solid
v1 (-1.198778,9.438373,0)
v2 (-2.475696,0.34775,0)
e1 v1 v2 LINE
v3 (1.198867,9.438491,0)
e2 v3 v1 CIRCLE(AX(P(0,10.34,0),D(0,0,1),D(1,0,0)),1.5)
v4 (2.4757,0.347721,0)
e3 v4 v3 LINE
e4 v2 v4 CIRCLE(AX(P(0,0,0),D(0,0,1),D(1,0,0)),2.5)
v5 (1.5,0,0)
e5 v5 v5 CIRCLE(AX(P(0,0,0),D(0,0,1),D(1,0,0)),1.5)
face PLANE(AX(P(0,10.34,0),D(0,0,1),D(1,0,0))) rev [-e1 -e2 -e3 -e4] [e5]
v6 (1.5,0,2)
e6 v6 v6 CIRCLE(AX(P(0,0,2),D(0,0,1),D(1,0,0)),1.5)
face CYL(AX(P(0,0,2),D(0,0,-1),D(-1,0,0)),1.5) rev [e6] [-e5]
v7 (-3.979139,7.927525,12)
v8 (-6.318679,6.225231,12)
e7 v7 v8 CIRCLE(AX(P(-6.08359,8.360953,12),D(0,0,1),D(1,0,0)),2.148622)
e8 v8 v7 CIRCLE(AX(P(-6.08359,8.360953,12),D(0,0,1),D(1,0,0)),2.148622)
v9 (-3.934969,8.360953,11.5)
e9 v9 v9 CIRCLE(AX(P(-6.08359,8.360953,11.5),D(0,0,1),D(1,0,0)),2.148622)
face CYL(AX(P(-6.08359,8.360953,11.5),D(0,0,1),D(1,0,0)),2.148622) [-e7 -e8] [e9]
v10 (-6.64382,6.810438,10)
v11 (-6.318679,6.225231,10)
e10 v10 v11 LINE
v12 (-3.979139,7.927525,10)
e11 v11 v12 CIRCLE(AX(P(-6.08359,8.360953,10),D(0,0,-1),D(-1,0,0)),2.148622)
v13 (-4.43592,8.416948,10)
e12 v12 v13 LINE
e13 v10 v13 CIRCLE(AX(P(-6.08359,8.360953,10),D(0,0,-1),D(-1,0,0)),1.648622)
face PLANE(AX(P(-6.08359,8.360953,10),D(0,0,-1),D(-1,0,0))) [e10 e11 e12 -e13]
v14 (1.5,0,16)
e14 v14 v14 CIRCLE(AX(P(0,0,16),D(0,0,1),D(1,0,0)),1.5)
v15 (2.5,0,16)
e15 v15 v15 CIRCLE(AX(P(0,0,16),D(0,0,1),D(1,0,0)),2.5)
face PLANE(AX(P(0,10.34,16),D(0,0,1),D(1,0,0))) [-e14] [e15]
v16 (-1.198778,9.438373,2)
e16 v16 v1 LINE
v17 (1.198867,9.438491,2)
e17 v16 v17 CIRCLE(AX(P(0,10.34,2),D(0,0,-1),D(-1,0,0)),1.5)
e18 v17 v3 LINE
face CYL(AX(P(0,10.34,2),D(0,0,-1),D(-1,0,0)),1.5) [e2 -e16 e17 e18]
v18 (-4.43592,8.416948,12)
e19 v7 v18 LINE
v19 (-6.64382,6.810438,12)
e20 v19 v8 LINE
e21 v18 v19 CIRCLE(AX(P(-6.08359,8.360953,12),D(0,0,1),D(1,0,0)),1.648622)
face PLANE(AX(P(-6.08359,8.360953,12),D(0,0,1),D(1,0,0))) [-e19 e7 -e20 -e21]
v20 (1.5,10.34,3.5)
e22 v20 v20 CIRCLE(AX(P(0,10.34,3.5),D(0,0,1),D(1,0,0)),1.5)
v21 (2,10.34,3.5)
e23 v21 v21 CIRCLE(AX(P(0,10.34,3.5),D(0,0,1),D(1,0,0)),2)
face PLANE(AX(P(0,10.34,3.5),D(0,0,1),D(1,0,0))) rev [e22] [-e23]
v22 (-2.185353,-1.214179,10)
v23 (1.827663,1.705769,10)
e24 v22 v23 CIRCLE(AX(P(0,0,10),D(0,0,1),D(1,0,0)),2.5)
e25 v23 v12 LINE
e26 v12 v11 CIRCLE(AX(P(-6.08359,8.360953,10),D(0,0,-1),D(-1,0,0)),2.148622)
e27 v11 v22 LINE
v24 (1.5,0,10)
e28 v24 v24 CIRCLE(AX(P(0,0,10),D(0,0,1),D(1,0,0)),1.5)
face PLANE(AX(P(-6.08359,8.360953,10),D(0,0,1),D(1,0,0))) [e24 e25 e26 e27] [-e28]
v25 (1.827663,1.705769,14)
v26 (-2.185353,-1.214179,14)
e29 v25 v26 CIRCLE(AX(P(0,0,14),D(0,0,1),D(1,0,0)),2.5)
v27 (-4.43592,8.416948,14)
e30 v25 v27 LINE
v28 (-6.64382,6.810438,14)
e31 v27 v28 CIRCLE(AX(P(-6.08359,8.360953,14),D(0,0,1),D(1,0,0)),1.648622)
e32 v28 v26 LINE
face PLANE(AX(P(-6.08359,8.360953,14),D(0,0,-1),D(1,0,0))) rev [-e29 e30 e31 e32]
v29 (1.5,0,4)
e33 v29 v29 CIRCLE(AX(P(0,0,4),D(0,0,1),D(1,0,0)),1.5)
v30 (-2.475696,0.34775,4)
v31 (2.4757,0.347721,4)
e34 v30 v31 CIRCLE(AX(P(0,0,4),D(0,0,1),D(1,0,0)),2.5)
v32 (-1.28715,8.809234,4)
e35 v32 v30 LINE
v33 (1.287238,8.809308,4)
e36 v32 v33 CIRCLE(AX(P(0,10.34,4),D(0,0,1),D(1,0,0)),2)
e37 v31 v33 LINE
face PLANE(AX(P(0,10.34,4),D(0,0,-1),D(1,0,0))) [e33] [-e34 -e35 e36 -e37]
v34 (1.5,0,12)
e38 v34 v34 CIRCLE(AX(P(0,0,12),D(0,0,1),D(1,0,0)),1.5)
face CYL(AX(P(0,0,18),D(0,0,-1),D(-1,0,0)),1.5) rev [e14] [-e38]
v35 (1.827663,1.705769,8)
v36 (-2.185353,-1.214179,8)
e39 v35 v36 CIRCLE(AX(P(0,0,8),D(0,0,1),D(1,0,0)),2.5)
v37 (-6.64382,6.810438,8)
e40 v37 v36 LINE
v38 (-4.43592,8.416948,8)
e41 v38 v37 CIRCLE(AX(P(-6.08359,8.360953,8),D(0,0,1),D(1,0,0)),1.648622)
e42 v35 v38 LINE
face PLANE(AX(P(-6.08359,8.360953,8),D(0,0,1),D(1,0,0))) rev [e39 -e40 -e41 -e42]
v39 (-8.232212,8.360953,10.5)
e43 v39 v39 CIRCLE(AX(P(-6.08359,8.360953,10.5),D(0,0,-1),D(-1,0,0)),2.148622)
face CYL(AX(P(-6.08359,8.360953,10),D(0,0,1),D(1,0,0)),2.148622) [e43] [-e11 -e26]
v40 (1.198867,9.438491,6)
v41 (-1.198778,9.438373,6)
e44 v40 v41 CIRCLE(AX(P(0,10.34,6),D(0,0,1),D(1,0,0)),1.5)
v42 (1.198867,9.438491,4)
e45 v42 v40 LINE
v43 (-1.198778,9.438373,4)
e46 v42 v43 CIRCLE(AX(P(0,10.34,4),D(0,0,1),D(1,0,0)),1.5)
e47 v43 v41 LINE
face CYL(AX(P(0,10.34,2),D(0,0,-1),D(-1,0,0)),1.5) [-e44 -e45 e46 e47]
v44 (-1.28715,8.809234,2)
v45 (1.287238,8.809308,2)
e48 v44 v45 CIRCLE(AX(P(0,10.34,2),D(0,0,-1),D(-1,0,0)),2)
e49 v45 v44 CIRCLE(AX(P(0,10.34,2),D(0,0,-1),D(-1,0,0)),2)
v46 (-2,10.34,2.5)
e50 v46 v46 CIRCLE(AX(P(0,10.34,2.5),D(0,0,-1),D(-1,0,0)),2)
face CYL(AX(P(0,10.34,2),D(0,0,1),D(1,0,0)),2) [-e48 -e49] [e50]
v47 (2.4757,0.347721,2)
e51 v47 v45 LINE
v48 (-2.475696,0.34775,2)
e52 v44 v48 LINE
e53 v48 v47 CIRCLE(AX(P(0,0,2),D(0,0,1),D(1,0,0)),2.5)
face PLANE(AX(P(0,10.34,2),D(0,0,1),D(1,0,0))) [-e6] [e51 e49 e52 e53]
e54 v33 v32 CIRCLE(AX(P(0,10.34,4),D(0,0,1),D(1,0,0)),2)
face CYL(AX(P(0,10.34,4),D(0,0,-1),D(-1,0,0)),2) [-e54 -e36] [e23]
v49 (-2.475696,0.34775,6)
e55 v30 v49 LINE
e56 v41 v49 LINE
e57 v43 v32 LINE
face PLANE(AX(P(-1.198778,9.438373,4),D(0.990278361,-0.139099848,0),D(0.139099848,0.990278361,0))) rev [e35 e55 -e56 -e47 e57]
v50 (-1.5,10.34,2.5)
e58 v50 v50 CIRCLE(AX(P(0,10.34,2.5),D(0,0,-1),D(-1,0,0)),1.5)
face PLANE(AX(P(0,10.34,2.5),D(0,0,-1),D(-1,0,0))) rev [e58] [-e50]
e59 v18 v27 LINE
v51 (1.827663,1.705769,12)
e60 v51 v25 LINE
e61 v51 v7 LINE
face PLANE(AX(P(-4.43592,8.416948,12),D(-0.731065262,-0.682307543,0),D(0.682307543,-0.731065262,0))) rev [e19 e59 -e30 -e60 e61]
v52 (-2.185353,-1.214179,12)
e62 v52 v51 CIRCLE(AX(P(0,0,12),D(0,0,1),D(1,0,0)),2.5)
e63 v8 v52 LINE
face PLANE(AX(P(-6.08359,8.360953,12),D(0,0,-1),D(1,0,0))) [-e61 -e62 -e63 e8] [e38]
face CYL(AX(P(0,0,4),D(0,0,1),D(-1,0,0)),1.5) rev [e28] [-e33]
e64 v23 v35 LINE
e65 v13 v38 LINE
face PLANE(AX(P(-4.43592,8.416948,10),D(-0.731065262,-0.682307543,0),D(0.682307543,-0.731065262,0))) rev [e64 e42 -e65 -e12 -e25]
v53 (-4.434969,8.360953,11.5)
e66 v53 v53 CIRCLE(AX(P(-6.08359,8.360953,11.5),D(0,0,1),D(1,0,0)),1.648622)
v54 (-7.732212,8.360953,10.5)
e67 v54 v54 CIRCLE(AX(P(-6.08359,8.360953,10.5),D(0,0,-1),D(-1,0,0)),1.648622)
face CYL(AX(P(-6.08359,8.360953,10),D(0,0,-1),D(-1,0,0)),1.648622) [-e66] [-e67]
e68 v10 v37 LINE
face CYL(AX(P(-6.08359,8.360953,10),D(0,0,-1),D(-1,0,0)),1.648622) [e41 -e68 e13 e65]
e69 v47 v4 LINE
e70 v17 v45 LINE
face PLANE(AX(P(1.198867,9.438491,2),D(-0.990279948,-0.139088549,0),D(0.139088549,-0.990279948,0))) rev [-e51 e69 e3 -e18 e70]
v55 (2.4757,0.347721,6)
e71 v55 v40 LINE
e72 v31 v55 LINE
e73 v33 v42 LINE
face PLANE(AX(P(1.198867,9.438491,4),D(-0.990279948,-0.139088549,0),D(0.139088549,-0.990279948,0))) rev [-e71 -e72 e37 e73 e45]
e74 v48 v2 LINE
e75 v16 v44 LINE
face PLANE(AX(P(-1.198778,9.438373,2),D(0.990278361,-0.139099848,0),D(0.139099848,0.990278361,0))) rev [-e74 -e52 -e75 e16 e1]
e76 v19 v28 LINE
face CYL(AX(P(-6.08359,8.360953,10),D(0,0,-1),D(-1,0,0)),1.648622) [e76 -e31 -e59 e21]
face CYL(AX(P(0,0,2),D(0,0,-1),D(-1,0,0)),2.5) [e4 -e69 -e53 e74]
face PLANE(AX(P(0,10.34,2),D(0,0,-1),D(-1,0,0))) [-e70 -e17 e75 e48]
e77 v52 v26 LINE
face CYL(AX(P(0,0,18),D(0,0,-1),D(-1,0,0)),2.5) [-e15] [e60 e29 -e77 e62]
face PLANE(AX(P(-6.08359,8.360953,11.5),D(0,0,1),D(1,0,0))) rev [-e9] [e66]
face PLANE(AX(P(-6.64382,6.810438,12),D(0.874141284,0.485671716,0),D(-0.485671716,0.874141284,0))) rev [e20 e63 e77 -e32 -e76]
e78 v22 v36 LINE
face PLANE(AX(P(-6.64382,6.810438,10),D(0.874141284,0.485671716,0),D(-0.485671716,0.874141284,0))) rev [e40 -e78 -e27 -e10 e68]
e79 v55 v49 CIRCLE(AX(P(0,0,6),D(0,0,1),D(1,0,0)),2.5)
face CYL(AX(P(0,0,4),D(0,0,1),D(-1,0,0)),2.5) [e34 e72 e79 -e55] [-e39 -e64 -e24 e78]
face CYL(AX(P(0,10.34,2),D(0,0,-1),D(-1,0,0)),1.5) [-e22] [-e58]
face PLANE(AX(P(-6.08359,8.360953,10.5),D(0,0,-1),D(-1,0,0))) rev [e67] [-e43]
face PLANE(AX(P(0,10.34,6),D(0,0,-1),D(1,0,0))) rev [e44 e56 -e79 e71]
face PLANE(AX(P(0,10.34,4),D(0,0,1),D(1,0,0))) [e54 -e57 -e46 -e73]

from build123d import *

# Parameters (mm, degrees)
ESBO_O1_R                = 1.5
RESSALTO_EXTRUS_O1_DEPTH = 2
ESBO_O2_R                = 1.5
RESSALTO_EXTRUS_O2_DEPTH = 1
ESBO_O4_R                = 2.5
ESBO_O4_R_2              = 1.5
RESSALTO_EXTRUS_O3_DEPTH = 2
ESBO_O5_R                = 1.5
RESSALTO_EXTRUS_O4_DEPTH = 2
ESBO_O6_R                = 1.648621548
RESSALTO_EXTRUS_O5_DEPTH = 1
ESBO_O7_W                = 11.938868243
ESBO_O7_H                = 15.738508052
CORTE_EXTRUS_O1_DEPTH    = 6
RESSALTO_EXTRUS_O6_START = -2
ESBO_O8_R                = 2.148621548
RESSALTO_EXTRUS_O6_DEPTH = 0.5
RESSALTO_EXTRUS_O7_START = -2.5
ESBO_O9_R                = 2.148621548
RESSALTO_EXTRUS_O7_DEPTH = 0.5
RESSALTO_EXTRUS_O8_START = -2.5
ESBO_O10_R               = 2
RESSALTO_EXTRUS_O8_DEPTH = 0.5
RESSALTO_EXTRUS_O9_START = -2
ESBO_O11_R               = 2
RESSALTO_EXTRUS_O9_DEPTH = 0.5


with BuildPart() as part:
    # Esboço1 → Ressalto-extrusão1 (new body)
    with BuildSketch(Plane.XY):
        with BuildLine():
            Line((-1.198777863, 9.438372785), (-2.475695902, 0.347749621))
            ThreePointArc((-2.475695902, 0.347749621), (-1.4263e-05, -2.5), (2.47569987, 0.347721373))
            Line((2.47569987, 0.347721373), (1.198866989, 9.438491296))
            ThreePointArc((1.198866989, 9.438491296), (-7.4142e-05, 11.839999998), (-1.198777863, 9.438372785))
        make_face()
        Circle(ESBO_O1_R, mode=Mode.SUBTRACT)
    extrude(amount=RESSALTO_EXTRUS_O1_DEPTH)

    # Esboço2 → Ressalto-extrusão2 (add)
    with BuildSketch(Plane.XY.offset(2)):
        with Locations(Location((0, 10.34, 0), (0, 0, 216.947631019))):
            Circle(ESBO_O2_R)
    extrude(amount=RESSALTO_EXTRUS_O2_DEPTH)

    # Espelhar1: part across plane


with BuildPart() as part_1:
    add(part.part)
    add(part.part.mirror(Plane(origin=(0, 10.34, 3), x_dir=(1, 0, 0), z_dir=(0, 0, 1))))

    # Esboço4 → Ressalto-extrusão3 (add)
    with BuildSketch(Plane.XY.offset(6)):
        with Locations(Location((0, 0, 0), (0, 0, 172.004238293))):
            Circle(ESBO_O4_R)
        Circle(ESBO_O4_R_2, mode=Mode.SUBTRACT)
    extrude(amount=RESSALTO_EXTRUS_O3_DEPTH)

    # Esboço5 → Ressalto-extrusão4 (add)
    with BuildSketch(Plane.XY.offset(8)):
        with BuildLine():
            Line((-6.643819561, 6.810437698), (-2.18535321, -1.21417929))
            ThreePointArc((-2.18535321, -1.21417929), (1.470887432, -2.021506904), (1.827663155, 1.705768857))
            Line((1.827663155, 1.705768857), (-4.435920088, 8.416947961))
            ThreePointArc((-4.435920088, 8.416947961), (-7.053565106, 9.69403249), (-6.643819561, 6.810437698))
        make_face()
        Circle(ESBO_O5_R, mode=Mode.SUBTRACT)
    extrude(amount=RESSALTO_EXTRUS_O4_DEPTH)

    # Esboço6 → Ressalto-extrusão5 (add)
    with BuildSketch(Plane.XY.offset(10)):
        with Locations(Location((-6.08359042, 8.360952554, 0), (0, 0, 250.134292883))):
            Circle(ESBO_O6_R)
    extrude(amount=RESSALTO_EXTRUS_O5_DEPTH)

    # Espelhar3: part across plane


with BuildPart() as part_2:
    add(part_1.part)
    add(part_1.part.mirror(Plane(origin=(-6.08359042, 8.360952554, 11), x_dir=(1, 0, 0), z_dir=(0, 0, 1))))

    # Esboço7 → Corte-extrusão1 (cut)
    with BuildSketch(Plane.XY.offset(22)):
        with Locations((-0.266328734, 4.470018957)):
            Rectangle(ESBO_O7_W, ESBO_O7_H)
    extrude(amount=-CORTE_EXTRUS_O1_DEPTH, mode=Mode.SUBTRACT)

    # Esboço8 → Ressalto-extrusão6 (add)
    with BuildSketch(Plane.XY.offset(14).offset(RESSALTO_EXTRUS_O6_START)):
        with Locations((-6.08359042, 8.360952554)):
            Circle(ESBO_O8_R)
    extrude(amount=-RESSALTO_EXTRUS_O6_DEPTH)

    # Esboço9 → Ressalto-extrusão7 (add)
    with BuildSketch(Plane(origin=(0, 0, 8), x_dir=(-1, 0, 0), z_dir=(0, 0, -1)).offset(RESSALTO_EXTRUS_O7_START)):
        with Locations(Location((6.08359042, 8.360952554, 0), (0, 0, 180))):
            Circle(ESBO_O9_R)
    extrude(amount=RESSALTO_EXTRUS_O7_DEPTH)

    # Esboço10 → Ressalto-extrusão8 (add)
    with BuildSketch(Plane(origin=(0, 0, 0), x_dir=(-1, 0, 0), z_dir=(0, 0, -1)).offset(RESSALTO_EXTRUS_O8_START)):
        with Locations(Location((0, 10.34, 0), (0, 0, 229.937782743))):
            Circle(ESBO_O10_R)
    extrude(amount=RESSALTO_EXTRUS_O8_DEPTH)

    # Esboço11 → Ressalto-extrusão9 (add)
    with BuildSketch(Plane.XY.offset(6).offset(RESSALTO_EXTRUS_O9_START)):
        with Locations(Location((0, 10.34, 0), (0, 0, 229.941078536))):
            Circle(ESBO_O11_R)
    extrude(amount=-RESSALTO_EXTRUS_O9_DEPTH)


solid = part_2.part
